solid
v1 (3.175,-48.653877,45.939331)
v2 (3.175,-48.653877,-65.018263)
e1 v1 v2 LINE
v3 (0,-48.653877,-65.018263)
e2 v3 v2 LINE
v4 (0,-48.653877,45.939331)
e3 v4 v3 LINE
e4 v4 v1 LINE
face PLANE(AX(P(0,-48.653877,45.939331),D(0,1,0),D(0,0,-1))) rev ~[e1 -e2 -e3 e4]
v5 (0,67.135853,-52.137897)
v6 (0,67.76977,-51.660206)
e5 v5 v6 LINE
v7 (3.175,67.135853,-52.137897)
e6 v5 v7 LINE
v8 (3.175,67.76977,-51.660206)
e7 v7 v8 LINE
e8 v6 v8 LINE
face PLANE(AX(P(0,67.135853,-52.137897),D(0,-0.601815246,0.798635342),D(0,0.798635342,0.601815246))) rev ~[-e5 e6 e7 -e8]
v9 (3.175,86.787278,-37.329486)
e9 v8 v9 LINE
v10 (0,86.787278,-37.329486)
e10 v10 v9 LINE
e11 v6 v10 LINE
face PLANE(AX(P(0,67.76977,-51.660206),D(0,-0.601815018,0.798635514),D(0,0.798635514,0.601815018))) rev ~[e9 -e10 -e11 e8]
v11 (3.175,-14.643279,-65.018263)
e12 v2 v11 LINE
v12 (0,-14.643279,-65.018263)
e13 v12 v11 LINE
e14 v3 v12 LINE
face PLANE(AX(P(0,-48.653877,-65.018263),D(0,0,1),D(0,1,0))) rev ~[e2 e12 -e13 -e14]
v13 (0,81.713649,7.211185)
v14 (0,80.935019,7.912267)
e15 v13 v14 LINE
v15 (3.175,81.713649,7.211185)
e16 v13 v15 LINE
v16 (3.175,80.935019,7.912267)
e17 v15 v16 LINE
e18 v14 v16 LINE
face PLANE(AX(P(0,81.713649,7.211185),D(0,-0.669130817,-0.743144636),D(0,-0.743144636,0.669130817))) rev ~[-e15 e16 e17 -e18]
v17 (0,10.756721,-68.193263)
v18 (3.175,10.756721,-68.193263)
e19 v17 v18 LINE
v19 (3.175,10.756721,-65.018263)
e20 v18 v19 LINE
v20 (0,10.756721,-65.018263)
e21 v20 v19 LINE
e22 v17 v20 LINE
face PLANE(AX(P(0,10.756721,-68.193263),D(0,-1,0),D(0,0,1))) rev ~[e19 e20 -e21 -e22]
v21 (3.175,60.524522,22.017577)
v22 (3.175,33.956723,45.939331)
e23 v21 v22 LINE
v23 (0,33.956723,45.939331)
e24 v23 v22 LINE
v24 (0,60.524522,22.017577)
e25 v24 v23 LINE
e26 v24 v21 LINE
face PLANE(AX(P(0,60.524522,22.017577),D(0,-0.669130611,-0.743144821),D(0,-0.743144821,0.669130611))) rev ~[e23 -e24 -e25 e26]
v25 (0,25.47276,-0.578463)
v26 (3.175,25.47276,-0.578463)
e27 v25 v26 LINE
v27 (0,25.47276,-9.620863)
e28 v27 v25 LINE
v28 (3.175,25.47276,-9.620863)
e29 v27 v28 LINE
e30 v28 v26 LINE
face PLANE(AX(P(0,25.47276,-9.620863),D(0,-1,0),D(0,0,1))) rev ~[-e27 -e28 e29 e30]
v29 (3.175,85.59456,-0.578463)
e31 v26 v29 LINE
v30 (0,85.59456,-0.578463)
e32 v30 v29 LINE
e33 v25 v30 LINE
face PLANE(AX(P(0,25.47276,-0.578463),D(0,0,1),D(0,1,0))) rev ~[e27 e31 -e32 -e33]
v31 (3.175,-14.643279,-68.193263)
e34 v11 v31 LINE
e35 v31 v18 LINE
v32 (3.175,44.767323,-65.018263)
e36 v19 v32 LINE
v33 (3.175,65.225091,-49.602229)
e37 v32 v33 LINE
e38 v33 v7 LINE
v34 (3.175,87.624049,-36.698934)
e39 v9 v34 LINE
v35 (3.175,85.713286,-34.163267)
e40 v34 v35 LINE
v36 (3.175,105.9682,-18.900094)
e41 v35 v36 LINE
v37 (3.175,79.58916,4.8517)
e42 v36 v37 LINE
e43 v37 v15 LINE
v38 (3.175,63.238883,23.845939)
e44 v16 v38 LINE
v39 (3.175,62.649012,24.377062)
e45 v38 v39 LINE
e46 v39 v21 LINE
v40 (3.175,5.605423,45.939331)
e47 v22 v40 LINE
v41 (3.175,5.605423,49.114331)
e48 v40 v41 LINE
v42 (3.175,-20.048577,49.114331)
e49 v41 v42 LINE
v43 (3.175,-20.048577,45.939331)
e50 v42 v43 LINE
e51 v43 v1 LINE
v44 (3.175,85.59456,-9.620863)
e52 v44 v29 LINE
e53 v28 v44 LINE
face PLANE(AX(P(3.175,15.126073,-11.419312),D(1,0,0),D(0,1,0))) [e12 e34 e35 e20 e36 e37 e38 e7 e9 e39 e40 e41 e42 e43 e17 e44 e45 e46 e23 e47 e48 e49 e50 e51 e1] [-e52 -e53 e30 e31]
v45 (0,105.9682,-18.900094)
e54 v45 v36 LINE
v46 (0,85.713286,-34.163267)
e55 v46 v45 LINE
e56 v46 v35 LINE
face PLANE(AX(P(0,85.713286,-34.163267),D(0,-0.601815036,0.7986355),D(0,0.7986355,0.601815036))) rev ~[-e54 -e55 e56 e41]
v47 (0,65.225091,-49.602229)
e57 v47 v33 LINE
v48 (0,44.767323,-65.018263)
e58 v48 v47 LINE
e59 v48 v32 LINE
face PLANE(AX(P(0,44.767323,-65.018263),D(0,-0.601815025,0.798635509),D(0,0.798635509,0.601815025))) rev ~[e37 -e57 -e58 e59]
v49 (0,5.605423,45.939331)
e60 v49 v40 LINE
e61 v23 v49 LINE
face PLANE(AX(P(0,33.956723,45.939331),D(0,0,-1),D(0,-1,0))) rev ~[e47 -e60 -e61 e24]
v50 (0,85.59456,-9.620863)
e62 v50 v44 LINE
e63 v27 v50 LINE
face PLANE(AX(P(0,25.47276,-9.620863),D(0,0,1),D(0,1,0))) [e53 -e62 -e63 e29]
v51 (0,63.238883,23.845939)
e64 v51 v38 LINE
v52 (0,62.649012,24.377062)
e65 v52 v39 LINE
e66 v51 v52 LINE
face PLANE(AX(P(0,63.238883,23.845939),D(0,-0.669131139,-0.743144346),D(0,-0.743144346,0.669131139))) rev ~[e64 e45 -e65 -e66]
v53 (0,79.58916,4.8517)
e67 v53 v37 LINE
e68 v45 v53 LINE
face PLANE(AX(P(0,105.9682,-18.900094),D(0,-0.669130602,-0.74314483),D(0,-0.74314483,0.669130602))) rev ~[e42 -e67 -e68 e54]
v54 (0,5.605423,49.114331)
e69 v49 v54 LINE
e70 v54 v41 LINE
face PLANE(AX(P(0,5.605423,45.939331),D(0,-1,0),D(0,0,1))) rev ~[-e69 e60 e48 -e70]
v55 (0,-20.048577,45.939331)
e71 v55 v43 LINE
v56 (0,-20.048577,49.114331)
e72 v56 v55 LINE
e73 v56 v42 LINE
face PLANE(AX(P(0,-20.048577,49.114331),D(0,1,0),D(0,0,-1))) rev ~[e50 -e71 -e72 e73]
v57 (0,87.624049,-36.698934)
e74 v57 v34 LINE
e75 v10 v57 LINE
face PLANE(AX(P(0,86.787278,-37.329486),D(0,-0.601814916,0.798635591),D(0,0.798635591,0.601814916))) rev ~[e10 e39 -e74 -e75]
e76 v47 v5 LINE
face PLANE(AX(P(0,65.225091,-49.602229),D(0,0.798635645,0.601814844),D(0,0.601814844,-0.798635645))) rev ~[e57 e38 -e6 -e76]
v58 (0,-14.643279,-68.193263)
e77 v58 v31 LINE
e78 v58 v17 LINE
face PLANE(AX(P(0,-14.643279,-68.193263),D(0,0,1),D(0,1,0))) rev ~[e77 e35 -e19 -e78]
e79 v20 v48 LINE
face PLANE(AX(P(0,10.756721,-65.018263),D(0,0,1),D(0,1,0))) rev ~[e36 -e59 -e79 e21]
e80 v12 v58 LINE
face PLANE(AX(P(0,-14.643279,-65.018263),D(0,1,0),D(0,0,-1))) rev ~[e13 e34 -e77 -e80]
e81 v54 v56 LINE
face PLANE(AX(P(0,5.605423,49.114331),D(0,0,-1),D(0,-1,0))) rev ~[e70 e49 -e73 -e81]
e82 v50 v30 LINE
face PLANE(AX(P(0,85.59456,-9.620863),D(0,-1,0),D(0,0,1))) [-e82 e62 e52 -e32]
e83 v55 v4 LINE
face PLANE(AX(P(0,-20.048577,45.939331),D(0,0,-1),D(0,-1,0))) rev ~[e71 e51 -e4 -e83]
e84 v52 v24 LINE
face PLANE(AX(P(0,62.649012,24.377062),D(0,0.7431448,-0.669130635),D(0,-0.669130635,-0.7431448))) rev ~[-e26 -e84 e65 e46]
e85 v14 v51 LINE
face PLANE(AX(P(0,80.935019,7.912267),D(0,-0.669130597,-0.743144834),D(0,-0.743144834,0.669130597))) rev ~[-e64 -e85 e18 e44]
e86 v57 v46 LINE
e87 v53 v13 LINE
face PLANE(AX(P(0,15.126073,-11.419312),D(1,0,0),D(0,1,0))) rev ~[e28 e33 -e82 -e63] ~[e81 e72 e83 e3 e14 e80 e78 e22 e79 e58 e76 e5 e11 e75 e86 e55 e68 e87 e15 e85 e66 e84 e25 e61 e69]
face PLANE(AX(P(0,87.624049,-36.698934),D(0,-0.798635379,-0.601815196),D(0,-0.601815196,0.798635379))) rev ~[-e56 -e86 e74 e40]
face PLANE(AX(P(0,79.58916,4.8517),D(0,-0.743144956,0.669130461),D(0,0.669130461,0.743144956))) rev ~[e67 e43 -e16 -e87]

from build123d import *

# Parameters (mm, degrees)
F0_W     = 60.1218
F0_H     = 9.0424
F1_DEPTH = 3.175


with BuildPart() as f1:
    # F0 (on Right) → F1 (new body)
    with BuildSketch(Plane.YZ):
        Polygon((60.524522, 22.017577), (33.956723, 45.939331), (5.605423, 45.939331), (5.605423, 49.114331), (4.811673, 49.114331), (-7.094577, 49.114331), (-7.348577, 49.114331), (-19.254827, 49.114331), (-20.048577, 49.114331), (-20.048577, 45.939331), (-48.653877, 45.939331), (-48.653877, -65.018263), (-20.048577, -65.018263), (-14.643279, -65.018263), (-14.643279, -68.193263), (-13.849529, -68.193263), (9.962971, -68.193263), (10.756721, -68.193263), (10.756721, -65.018263), (11.010721, -65.018263), (44.767323, -65.018263), (65.225091, -49.602229), (67.135853, -52.137897), (67.76977, -51.660206), (77.278524, -44.494846), (86.787278, -37.329486), (87.624049, -36.698934), (85.713286, -34.163267), (105.9682, -18.900094), (79.58916, 4.8517), (81.713649, 7.211185), (80.935019, 7.912267), (72.086951, 15.879103), (63.238883, 23.845939), (62.649012, 24.377062), align=None)
        with Locations((55.53366, -5.099663)):
            Rectangle(F0_W, F0_H, mode=Mode.SUBTRACT)
    extrude(amount=F1_DEPTH)


solid = f1.part
